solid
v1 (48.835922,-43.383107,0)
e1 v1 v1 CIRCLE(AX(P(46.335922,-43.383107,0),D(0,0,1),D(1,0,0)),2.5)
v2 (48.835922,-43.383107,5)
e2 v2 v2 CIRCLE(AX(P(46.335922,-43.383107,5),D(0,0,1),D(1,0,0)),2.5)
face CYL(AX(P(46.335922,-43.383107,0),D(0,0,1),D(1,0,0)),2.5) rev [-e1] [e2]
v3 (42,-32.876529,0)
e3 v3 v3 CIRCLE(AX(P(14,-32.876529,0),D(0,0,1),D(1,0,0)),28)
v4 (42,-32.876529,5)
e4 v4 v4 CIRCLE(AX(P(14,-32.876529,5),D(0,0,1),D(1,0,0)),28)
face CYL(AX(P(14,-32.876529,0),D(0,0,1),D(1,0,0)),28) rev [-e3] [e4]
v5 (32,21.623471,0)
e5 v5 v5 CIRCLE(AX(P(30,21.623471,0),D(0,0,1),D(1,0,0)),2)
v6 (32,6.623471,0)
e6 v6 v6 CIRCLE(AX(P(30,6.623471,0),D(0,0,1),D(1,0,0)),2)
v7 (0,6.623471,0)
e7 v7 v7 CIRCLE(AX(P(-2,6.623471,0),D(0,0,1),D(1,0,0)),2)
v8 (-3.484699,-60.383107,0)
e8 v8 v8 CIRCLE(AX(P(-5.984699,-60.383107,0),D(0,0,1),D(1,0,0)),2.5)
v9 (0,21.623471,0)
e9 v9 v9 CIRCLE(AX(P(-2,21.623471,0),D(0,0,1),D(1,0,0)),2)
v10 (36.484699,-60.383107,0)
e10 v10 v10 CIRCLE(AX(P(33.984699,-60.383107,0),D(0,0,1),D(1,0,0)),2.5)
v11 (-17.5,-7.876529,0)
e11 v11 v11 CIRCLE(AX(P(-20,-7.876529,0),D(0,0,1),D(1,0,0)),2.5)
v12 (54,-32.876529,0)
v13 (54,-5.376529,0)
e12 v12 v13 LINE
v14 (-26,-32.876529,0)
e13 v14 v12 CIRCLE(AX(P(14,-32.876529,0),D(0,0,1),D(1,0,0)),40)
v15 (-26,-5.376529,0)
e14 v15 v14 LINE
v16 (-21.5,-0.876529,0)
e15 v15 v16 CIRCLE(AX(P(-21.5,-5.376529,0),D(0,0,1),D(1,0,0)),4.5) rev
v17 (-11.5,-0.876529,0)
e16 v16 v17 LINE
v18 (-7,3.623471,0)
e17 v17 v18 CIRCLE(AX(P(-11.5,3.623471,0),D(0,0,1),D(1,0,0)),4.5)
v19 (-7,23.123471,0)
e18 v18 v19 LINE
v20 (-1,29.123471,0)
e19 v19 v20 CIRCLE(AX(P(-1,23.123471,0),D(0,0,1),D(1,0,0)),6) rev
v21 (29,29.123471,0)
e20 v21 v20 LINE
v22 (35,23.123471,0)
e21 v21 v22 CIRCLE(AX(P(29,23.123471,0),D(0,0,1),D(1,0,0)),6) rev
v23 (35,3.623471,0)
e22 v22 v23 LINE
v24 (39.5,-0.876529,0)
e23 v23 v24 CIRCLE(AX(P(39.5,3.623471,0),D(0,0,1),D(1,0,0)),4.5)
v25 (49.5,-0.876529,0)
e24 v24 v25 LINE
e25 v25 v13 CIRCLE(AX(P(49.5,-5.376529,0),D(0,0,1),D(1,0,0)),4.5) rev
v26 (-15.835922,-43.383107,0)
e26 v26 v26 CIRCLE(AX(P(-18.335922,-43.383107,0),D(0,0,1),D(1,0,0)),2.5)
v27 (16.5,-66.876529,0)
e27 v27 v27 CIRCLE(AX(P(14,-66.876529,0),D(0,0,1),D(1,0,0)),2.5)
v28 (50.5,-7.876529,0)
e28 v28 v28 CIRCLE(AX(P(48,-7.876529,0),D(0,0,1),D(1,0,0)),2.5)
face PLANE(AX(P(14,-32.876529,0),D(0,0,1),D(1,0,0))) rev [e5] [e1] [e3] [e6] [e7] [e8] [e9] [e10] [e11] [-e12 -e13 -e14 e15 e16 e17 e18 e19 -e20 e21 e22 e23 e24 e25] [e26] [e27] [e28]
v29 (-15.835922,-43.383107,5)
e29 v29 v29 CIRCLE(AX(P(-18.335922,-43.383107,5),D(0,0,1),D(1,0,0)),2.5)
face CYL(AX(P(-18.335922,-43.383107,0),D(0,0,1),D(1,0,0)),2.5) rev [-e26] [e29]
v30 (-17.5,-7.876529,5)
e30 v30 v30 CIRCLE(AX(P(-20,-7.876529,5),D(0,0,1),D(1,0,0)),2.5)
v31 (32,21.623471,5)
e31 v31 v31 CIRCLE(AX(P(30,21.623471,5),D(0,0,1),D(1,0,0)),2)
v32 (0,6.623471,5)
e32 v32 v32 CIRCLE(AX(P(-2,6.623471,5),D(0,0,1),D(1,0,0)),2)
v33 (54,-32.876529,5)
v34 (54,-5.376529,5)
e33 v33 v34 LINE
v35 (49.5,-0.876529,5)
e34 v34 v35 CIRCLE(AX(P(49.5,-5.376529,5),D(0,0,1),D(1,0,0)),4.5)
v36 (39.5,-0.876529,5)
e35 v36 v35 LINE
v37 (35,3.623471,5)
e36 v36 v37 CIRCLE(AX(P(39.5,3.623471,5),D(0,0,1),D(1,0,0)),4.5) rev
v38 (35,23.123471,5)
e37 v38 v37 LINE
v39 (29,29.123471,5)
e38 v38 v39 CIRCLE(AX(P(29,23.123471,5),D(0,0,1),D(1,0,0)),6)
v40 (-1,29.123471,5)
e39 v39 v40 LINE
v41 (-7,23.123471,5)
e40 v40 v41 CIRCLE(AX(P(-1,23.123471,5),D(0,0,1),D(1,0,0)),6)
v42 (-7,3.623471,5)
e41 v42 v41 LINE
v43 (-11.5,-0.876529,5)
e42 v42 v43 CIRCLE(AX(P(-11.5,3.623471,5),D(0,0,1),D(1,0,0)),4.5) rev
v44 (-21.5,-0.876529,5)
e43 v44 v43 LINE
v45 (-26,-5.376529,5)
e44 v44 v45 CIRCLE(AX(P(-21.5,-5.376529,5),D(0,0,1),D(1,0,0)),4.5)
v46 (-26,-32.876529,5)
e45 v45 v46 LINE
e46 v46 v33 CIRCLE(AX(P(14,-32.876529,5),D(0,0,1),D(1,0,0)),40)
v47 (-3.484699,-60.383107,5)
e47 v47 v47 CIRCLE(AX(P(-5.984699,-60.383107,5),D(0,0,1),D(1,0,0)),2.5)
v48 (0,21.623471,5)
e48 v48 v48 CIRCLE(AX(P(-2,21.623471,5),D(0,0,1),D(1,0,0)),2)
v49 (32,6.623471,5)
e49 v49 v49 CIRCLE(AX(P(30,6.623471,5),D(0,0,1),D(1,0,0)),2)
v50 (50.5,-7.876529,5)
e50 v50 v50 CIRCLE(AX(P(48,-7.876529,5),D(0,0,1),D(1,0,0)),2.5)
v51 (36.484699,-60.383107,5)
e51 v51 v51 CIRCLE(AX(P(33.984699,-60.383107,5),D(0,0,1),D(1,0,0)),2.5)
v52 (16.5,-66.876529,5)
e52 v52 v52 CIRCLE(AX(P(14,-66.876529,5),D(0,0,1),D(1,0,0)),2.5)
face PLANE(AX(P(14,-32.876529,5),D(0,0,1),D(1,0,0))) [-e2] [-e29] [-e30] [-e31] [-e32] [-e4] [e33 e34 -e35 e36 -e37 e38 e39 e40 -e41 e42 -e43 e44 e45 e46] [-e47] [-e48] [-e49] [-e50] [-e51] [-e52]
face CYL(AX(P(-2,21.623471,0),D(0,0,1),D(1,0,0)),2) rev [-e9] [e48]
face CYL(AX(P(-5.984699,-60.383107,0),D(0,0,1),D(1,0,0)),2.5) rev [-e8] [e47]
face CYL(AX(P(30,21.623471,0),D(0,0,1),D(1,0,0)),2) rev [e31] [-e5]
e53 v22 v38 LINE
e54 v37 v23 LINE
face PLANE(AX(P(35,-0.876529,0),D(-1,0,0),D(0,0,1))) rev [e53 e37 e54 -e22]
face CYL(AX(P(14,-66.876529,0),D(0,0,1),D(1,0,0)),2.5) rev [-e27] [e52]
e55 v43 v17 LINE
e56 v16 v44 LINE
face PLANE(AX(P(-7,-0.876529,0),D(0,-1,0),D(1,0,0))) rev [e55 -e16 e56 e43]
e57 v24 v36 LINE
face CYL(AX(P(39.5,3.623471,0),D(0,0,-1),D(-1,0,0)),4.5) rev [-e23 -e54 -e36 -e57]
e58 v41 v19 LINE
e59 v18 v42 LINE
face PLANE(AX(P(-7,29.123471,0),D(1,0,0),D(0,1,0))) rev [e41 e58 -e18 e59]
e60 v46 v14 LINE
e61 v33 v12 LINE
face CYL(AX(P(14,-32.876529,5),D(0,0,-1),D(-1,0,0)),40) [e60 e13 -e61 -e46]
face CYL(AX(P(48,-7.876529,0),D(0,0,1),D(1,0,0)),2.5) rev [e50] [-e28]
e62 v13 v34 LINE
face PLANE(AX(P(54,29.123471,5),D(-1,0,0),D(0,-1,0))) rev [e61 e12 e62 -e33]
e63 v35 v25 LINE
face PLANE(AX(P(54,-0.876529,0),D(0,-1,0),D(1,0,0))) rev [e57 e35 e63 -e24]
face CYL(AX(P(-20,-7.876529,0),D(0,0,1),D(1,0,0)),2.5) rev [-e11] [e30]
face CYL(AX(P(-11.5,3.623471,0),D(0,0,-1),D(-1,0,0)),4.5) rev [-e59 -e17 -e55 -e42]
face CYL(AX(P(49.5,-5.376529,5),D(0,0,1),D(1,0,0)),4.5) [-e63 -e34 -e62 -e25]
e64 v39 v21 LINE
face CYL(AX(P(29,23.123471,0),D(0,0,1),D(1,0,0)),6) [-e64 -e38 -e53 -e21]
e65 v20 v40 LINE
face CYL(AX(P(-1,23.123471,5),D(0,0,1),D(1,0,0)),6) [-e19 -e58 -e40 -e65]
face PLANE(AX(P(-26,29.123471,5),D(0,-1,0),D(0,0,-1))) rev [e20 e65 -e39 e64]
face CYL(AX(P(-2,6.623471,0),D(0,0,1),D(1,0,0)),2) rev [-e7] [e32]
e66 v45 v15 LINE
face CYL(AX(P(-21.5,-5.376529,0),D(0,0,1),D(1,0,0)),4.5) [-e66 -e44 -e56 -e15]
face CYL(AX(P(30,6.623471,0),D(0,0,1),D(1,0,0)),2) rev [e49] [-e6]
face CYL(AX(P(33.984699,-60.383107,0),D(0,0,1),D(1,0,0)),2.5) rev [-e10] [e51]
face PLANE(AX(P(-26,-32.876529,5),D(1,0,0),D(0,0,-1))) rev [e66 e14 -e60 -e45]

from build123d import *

# Parameters (mm, degrees)
EXTRUDE_1_DEPTH     = 5
SKETCH_2_R          = 28
CUT_EXTRUDE_1_DEPTH = 91.840456458
SKETCH_3_W          = 19
SKETCH_3_H          = 30
CUT_EXTRUDE_2_DEPTH = 91.840456458
FILLET_2_R          = 4.5
SKETCH_4_W          = 19
SKETCH_4_H          = 30
CUT_EXTRUDE_3_DEPTH = 5
FILLET_3_R          = 4.5
SKETCH_6_R          = 2.5
CUT_EXTRUDE_5_DEPTH = 91.840456458
FILLET_4_R          = 6
SKETCH_7_R          = 2.5
CUT_EXTRUDE_6_DEPTH = 91.840456458
SKETCH_8_R          = 2
CUT_EXTRUDE_7_DEPTH = 91.840456458


with BuildPart() as part:
    # 草图1 → 凸台-拉伸1 (new body)
    with BuildSketch(Plane.XY):
        with BuildLine():
            Line((-26, 29.123470654), (54, 29.123470654))
            Line((54, 29.123470654), (54, -32.876529346))
            ThreePointArc((54, -32.876529346), (14, -72.876529346), (-26, -32.876529346))
            Line((-26, -32.876529346), (-26, 29.123470654))
        make_face()
    extrude(amount=EXTRUDE_1_DEPTH)

    # 草图2 → 切除-拉伸1 (cut, through all)
    with BuildSketch(Plane.XY.offset(5)):
        with Locations((14, -32.876529346)):
            Circle(SKETCH_2_R)
    extrude(amount=-CUT_EXTRUDE_1_DEPTH, mode=Mode.SUBTRACT)

    # 草图3 → 切除-拉伸2 (cut, through all)
    with BuildSketch(Plane.XY.offset(5)):
        with Locations((44.5, 14.123470654)):
            Rectangle(SKETCH_3_W, SKETCH_3_H)
    extrude(amount=-CUT_EXTRUDE_2_DEPTH, mode=Mode.SUBTRACT)

    # 圆角2
    fillet_2_edges = [part.edges().sort_by_distance(p)[0] for p in [
        (54, -0.876529346, 2.5),
        (35, -0.876529346, 2.5),
    ]]
    fillet(fillet_2_edges, radius=FILLET_2_R)

    # 草图4 → 切除-拉伸3 (cut)
    with BuildSketch(Plane.XY.offset(5)):
        with Locations((-16.5, 14.123470654)):
            Rectangle(SKETCH_4_W, SKETCH_4_H)
    extrude(amount=-CUT_EXTRUDE_3_DEPTH, mode=Mode.SUBTRACT)

    # 圆角3
    fillet_3_edges = [part.edges().sort_by_distance(p)[0] for p in [
        (-26, -0.876529346, 2.5),
        (-7, -0.876529346, 2.5),
    ]]
    fillet(fillet_3_edges, radius=FILLET_3_R)

    # 草图6 → 切除-拉伸5 (cut, through all)
    with BuildSketch(Plane.XY.offset(5)):
        with Locations((-20, -7.876529346)):
            Circle(SKETCH_6_R)
        with Locations((48, -7.876529346)):
            Circle(SKETCH_6_R)
    extrude(amount=-CUT_EXTRUDE_5_DEPTH, mode=Mode.SUBTRACT)

    # 圆角4
    fillet_4_edges = [part.edges().sort_by_distance(p)[0] for p in [
        (35, 29.123470654, 2.5),
        (-7, 29.123470654, 2.5),
    ]]
    fillet(fillet_4_edges, radius=FILLET_4_R)

    # 草图7 → 切除-拉伸6 (cut, through all)
    with BuildSketch(Plane.XY.offset(5)):
        with Locations((14, -66.876529346)):
            Circle(SKETCH_7_R)
        with Locations((-5.984698578, -60.383107155)):
            Circle(SKETCH_7_R)
        with Locations((-18.335921554, -43.383107155)):
            Circle(SKETCH_7_R)
        with Locations((46.335921554, -43.383107155)):
            Circle(SKETCH_7_R)
        with Locations((33.984698578, -60.383107155)):
            Circle(SKETCH_7_R)
    extrude(amount=-CUT_EXTRUDE_6_DEPTH, mode=Mode.SUBTRACT)

    # 草图8 → 切除-拉伸7 (cut, through all)
    with BuildSketch(Plane.XY.offset(5)):
        with Locations((-2, 6.623470654)):
            Circle(SKETCH_8_R)
        with Locations((-2, 21.623470654)):
            Circle(SKETCH_8_R)
        with Locations((30, 21.623470654)):
            Circle(SKETCH_8_R)
        with Locations((30, 6.623470654)):
            Circle(SKETCH_8_R)
    extrude(amount=-CUT_EXTRUDE_7_DEPTH, mode=Mode.SUBTRACT)


solid = part.part
